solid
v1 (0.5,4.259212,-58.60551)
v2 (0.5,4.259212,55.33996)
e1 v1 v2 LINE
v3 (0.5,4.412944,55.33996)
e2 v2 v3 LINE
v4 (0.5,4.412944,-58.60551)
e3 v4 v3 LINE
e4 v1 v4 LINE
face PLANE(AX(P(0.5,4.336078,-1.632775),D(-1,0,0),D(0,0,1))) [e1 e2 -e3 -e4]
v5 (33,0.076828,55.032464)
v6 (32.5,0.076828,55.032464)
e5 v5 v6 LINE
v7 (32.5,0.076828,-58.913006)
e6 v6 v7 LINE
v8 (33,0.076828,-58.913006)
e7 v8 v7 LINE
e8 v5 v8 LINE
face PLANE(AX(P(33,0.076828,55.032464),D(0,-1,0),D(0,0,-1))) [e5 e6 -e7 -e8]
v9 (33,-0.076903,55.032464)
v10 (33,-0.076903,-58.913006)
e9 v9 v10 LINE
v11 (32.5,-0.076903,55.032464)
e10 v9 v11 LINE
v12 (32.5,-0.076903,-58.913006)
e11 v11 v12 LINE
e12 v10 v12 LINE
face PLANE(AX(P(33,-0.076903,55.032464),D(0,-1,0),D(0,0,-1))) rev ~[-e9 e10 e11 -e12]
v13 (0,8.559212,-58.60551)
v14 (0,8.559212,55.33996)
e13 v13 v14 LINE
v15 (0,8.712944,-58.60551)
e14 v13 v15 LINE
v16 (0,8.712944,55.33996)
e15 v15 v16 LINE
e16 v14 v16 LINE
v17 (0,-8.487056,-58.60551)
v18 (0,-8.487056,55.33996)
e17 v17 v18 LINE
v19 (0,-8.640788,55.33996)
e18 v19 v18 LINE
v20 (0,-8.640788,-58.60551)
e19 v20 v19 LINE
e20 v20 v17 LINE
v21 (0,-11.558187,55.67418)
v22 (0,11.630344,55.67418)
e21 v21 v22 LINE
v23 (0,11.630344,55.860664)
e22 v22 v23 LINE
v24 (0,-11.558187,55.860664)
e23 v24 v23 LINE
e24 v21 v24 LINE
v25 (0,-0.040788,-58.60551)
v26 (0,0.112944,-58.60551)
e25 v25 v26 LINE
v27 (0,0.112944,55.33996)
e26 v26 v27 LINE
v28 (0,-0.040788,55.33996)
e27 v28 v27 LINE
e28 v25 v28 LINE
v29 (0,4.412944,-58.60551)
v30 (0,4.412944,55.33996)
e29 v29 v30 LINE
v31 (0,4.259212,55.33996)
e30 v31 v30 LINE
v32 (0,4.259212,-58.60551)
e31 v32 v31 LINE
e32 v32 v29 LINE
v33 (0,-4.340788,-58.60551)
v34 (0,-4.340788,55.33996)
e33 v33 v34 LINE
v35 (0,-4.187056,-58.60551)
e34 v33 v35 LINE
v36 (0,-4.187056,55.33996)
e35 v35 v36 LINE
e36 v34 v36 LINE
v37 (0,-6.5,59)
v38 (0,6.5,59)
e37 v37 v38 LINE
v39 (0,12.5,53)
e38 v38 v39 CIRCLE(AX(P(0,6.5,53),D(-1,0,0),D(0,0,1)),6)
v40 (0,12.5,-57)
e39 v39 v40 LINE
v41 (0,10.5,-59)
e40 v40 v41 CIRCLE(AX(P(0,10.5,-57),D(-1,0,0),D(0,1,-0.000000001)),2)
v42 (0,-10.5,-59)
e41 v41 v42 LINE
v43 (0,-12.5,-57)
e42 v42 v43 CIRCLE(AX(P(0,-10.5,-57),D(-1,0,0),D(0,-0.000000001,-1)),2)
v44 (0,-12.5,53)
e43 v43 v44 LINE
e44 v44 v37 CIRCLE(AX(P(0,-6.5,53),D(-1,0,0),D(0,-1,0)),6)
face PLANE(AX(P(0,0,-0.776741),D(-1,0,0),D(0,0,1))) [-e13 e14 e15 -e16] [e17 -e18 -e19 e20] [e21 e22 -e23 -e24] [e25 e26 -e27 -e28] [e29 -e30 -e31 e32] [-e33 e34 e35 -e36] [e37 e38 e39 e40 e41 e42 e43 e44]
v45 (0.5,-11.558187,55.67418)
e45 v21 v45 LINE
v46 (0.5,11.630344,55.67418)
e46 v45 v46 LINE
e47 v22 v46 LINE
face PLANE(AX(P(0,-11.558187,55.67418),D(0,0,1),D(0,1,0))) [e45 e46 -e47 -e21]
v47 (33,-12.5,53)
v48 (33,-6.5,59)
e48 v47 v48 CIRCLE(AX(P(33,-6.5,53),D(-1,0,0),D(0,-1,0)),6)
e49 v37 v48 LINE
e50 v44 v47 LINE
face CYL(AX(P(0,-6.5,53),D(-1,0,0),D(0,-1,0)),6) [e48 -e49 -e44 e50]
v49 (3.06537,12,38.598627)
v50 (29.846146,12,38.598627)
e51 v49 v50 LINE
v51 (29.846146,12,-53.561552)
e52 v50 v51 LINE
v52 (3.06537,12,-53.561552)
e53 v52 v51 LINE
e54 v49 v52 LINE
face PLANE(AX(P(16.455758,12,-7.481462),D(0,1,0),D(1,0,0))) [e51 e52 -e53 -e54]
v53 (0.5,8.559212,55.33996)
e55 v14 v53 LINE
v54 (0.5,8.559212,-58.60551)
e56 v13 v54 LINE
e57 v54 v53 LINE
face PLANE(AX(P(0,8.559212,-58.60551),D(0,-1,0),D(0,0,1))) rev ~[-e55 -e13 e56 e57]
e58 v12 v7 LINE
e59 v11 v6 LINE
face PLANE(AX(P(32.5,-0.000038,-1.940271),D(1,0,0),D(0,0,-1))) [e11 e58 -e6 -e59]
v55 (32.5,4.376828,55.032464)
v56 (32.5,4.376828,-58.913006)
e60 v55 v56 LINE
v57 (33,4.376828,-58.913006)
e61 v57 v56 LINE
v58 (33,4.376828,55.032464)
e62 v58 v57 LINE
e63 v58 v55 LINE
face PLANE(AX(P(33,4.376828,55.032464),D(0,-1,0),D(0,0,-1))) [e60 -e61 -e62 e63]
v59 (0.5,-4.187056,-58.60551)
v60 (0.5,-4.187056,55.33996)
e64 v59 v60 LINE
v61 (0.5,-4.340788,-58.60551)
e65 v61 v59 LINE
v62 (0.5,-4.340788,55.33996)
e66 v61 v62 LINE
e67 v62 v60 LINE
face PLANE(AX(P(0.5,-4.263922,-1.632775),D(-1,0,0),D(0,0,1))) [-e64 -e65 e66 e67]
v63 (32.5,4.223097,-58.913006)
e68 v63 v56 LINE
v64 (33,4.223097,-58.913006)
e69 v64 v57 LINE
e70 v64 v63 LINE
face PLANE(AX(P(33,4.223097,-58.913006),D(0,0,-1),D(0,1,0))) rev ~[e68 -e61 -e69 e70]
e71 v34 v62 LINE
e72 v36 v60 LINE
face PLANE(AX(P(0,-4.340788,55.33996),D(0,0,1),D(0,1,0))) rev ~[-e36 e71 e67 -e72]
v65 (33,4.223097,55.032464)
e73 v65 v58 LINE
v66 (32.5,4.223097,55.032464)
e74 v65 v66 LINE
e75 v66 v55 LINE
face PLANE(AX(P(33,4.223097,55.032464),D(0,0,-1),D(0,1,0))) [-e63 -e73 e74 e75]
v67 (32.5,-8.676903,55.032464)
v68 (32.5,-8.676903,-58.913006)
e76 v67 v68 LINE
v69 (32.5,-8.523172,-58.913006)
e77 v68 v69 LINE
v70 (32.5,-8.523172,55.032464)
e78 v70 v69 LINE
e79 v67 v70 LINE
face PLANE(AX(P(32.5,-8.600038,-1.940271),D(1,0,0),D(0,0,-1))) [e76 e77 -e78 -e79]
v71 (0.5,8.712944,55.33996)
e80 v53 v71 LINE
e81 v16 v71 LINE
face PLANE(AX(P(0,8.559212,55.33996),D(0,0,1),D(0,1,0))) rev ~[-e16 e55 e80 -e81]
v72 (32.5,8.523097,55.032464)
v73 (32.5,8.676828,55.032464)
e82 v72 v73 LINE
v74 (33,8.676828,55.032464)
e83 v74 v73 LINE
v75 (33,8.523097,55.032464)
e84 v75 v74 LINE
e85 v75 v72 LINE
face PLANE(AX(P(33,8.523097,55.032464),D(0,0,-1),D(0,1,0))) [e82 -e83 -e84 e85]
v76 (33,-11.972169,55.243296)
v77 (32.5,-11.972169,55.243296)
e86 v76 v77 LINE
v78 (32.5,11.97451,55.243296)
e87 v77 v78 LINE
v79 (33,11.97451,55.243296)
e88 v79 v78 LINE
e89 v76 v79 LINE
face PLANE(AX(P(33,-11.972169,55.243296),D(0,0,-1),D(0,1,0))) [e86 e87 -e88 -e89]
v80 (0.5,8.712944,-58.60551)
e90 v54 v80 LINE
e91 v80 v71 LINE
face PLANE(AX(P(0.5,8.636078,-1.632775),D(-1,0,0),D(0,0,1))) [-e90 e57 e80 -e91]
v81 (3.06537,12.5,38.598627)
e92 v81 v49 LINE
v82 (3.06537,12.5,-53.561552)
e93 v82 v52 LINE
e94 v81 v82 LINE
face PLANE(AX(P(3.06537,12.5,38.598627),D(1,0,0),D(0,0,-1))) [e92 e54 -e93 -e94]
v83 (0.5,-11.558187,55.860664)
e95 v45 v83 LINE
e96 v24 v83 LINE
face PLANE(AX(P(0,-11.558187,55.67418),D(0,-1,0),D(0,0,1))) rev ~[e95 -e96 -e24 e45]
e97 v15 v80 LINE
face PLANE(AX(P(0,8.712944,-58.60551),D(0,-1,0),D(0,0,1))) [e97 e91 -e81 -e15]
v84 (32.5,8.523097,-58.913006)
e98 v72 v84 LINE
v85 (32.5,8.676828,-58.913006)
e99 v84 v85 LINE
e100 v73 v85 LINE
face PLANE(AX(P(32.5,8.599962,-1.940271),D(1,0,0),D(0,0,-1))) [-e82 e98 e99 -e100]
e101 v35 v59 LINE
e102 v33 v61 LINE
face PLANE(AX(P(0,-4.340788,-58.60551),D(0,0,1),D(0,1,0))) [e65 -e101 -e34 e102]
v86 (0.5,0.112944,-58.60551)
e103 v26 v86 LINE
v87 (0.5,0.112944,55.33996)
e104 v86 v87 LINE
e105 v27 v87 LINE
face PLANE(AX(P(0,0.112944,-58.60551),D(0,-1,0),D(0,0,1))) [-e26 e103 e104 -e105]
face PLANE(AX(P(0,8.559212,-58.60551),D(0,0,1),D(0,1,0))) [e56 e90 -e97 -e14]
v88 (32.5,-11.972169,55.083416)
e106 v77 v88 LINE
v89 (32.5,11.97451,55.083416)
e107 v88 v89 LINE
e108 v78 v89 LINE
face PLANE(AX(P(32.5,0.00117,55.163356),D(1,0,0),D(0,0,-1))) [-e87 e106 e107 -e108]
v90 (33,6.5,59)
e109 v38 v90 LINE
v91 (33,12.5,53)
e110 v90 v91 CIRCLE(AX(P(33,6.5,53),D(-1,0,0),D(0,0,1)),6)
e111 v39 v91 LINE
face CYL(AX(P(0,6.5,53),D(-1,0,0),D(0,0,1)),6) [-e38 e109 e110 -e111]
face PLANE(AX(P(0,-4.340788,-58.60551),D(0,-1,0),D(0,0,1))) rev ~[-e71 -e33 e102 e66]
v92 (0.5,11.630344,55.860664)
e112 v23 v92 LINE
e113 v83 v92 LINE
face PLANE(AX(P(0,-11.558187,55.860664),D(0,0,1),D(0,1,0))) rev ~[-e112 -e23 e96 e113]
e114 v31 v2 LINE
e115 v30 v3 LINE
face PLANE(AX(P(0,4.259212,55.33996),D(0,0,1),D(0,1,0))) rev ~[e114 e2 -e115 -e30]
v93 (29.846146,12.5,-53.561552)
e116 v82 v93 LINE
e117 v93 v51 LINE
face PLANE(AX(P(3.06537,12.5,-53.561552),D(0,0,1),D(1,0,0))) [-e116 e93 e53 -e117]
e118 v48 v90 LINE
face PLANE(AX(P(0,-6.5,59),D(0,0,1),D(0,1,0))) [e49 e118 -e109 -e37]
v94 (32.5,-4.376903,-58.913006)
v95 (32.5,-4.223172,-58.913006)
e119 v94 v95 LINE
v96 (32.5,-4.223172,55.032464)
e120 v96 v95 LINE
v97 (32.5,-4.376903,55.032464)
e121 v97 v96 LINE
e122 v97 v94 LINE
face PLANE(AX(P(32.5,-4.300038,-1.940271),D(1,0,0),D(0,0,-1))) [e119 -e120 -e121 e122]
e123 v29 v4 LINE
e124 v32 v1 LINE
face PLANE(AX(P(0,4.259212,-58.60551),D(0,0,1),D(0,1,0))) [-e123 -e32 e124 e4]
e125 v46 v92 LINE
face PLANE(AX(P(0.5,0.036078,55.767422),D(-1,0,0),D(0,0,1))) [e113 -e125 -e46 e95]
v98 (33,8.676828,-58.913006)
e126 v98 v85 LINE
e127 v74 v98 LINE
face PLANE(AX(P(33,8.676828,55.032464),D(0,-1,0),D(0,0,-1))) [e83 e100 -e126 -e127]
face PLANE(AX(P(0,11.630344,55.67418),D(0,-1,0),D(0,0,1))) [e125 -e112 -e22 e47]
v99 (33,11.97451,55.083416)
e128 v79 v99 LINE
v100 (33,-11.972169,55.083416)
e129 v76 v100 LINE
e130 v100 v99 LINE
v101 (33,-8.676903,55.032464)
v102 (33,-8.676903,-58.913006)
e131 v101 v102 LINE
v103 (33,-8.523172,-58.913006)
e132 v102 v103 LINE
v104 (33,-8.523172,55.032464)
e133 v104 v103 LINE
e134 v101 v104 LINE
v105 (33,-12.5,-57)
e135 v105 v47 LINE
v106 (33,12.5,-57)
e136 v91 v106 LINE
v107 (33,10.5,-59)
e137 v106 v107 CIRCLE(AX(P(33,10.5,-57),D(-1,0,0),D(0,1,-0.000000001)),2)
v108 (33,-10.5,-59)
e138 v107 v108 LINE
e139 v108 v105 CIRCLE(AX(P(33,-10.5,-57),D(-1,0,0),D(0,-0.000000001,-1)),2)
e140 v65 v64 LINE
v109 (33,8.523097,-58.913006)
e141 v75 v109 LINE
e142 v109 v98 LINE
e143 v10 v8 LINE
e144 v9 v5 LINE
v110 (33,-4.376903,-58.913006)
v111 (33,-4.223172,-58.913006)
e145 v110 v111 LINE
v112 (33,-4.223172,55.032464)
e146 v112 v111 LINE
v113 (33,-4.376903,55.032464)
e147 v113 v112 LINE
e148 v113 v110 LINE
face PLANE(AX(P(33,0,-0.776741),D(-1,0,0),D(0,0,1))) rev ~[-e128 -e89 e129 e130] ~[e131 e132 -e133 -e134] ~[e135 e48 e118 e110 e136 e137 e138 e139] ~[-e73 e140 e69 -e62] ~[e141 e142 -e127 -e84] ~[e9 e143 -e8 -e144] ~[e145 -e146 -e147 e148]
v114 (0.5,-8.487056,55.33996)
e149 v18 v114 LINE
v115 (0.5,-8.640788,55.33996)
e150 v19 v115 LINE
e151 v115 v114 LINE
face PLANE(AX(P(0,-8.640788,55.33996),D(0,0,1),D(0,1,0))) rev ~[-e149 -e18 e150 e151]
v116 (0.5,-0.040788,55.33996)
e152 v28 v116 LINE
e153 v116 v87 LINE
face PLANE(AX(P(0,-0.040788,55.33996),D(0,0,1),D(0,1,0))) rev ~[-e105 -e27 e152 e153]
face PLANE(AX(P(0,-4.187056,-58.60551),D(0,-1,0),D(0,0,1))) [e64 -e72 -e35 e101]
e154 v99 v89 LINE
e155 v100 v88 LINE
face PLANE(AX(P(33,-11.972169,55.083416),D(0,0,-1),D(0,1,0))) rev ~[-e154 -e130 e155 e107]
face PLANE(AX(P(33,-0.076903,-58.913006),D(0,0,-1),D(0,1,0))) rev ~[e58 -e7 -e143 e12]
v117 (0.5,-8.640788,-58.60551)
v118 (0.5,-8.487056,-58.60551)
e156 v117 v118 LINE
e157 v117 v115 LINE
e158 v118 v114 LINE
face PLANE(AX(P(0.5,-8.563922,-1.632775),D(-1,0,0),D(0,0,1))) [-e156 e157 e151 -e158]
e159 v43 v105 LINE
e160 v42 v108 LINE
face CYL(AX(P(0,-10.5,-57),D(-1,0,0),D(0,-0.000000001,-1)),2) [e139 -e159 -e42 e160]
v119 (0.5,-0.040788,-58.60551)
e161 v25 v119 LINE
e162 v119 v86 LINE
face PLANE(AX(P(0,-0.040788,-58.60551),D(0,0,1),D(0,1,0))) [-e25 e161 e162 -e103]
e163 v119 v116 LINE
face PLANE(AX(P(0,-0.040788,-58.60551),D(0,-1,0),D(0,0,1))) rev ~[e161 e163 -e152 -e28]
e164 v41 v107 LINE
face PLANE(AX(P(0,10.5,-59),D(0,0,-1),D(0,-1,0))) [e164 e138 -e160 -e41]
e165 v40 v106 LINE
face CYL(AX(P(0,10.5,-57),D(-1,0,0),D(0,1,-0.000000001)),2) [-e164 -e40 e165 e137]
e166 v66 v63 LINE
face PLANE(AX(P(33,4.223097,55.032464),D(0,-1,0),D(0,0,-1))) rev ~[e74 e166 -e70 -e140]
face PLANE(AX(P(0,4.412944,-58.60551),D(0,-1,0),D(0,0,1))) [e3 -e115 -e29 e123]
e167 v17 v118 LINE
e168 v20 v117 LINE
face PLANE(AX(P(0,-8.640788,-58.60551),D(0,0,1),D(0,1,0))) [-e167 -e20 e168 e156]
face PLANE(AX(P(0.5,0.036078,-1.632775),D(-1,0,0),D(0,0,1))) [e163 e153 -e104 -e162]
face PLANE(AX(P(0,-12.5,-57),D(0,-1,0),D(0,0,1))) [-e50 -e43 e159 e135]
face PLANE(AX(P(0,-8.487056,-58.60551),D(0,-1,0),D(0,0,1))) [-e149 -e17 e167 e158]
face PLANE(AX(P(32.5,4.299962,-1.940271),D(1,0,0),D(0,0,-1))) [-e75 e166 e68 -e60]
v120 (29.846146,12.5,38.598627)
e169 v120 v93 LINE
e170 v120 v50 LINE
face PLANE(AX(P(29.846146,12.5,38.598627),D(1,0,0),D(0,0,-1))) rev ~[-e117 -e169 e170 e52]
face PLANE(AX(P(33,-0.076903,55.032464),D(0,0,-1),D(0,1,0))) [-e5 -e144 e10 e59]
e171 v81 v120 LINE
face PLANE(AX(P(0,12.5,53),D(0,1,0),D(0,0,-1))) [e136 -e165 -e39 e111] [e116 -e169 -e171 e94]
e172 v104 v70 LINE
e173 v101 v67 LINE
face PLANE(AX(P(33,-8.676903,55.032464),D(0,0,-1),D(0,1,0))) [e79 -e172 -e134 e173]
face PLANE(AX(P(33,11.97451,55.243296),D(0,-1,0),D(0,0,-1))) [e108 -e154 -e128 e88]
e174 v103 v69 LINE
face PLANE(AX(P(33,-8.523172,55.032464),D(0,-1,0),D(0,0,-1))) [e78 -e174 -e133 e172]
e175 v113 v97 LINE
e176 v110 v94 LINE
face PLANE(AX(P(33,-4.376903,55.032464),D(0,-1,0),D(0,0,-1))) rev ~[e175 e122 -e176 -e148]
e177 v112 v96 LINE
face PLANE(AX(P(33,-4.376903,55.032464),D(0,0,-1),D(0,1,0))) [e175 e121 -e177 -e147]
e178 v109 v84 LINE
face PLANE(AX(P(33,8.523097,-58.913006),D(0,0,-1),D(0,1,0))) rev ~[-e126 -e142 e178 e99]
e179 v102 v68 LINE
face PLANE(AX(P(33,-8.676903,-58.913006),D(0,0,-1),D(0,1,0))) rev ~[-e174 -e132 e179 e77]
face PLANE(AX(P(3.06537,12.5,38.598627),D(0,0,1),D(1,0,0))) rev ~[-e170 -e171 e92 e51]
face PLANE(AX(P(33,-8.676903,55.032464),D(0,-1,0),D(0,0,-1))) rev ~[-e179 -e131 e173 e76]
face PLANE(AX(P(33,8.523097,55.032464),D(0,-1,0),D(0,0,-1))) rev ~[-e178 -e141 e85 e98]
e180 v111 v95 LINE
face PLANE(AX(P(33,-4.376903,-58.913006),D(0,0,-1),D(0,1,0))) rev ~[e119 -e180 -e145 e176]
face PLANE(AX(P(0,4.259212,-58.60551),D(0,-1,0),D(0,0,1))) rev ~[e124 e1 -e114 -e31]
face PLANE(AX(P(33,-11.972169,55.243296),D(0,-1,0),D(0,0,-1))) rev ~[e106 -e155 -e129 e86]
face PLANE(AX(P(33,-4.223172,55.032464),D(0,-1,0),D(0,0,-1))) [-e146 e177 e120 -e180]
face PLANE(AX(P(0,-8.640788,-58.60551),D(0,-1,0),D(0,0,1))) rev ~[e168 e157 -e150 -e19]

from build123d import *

# Parameters (mm, degrees)
EXTRUDE_1_DEPTH     = 33
SKETCH_2_W          = 113.94546963
SKETCH_2_H          = 0.153731759
SKETCH_2_W_2        = 0.159880439
SKETCH_2_H_2        = 23.946679257
CUT_EXTRUDE_1_DEPTH = 0.5
SKETCH_3_W          = 113.94546963
SKETCH_3_H          = 0.153731759
SKETCH_3_W_2        = 0.186483874
SKETCH_3_H_2        = 23.188530915
CUT_EXTRUDE_2_DEPTH = 0.5
SKETCH_4_W          = 26.780776055
SKETCH_4_H          = 92.160179523
CUT_EXTRUDE_3_DEPTH = 0.5


with BuildPart() as part:
    # 草图1 → 凸台-拉伸1 (new body)
    with BuildSketch(Plane(origin=(0, 0, 0), x_dir=(0, 0, -1), z_dir=(1, 0, 0))):
        with BuildLine():
            Line((-53, 12.5), (57, 12.5))
            ThreePointArc((57, 12.5), (58.414213562, 11.914213562), (59, 10.5))
            Line((59, 10.5), (59, -10.5))
            ThreePointArc((59, -10.5), (58.414213562, -11.914213562), (57, -12.5))
            Line((57, -12.5), (-53, -12.5))
            ThreePointArc((-53, -12.5), (-57.242640687, -10.742640687), (-59, -6.5))
            Line((-59, -6.5), (-59, 6.5))
            ThreePointArc((-59, 6.5), (-57.242640687, 10.742640687), (-53, 12.5))
        make_face()
    extrude(amount=EXTRUDE_1_DEPTH)

    # 草图2 → 切除-拉伸1 (cut)
    with BuildSketch(Plane(origin=(33, 0, 0), x_dir=(0, 0, -1), z_dir=(1, 0, 0))):
        with Locations((1.940270858, 4.299962397)):
            Rectangle(SKETCH_2_W, SKETCH_2_H)
        with Locations((1.940270858, -3.7603e-05)):
            Rectangle(SKETCH_2_W, SKETCH_2_H)
        with Locations((1.940270858, 8.599962398)):
            Rectangle(SKETCH_2_W, SKETCH_2_H)
        with Locations((1.940270858, -4.300037602)):
            Rectangle(SKETCH_2_W, SKETCH_2_H)
        with Locations((1.940270858, -8.600037603)):
            Rectangle(SKETCH_2_W, SKETCH_2_H)
        with Locations((-55.163355852, 0.001170191)):
            Rectangle(SKETCH_2_W_2, SKETCH_2_H_2)
    extrude(amount=-CUT_EXTRUDE_1_DEPTH, mode=Mode.SUBTRACT)

    # 草图3 → 切除-拉伸2 (cut)
    with BuildSketch(Plane.ZY):
        with Locations((-1.632775224, 4.336078297)):
            Rectangle(SKETCH_3_W, SKETCH_3_H)
        with Locations((-1.632775224, 0.036078297)):
            Rectangle(SKETCH_3_W, SKETCH_3_H)
        with Locations((-1.632775224, 8.636078297)):
            Rectangle(SKETCH_3_W, SKETCH_3_H)
        with Locations((-1.632775224, -4.263921704)):
            Rectangle(SKETCH_3_W, SKETCH_3_H)
        with Locations((-1.632775224, -8.563921704)):
            Rectangle(SKETCH_3_W, SKETCH_3_H)
        with Locations((55.767421869, 0.036078296)):
            Rectangle(SKETCH_3_W_2, SKETCH_3_H_2)
    extrude(amount=-CUT_EXTRUDE_2_DEPTH, mode=Mode.SUBTRACT)

    # 草图4 → 切除-拉伸3 (cut)
    with BuildSketch(Plane(origin=(0, 12.5, 0), x_dir=(1, 0, 0), z_dir=(0, 1, 0))):
        with Locations((16.455758173, 7.48146235)):
            Rectangle(SKETCH_4_W, SKETCH_4_H)
    extrude(amount=-CUT_EXTRUDE_3_DEPTH, mode=Mode.SUBTRACT)


solid = part.part
